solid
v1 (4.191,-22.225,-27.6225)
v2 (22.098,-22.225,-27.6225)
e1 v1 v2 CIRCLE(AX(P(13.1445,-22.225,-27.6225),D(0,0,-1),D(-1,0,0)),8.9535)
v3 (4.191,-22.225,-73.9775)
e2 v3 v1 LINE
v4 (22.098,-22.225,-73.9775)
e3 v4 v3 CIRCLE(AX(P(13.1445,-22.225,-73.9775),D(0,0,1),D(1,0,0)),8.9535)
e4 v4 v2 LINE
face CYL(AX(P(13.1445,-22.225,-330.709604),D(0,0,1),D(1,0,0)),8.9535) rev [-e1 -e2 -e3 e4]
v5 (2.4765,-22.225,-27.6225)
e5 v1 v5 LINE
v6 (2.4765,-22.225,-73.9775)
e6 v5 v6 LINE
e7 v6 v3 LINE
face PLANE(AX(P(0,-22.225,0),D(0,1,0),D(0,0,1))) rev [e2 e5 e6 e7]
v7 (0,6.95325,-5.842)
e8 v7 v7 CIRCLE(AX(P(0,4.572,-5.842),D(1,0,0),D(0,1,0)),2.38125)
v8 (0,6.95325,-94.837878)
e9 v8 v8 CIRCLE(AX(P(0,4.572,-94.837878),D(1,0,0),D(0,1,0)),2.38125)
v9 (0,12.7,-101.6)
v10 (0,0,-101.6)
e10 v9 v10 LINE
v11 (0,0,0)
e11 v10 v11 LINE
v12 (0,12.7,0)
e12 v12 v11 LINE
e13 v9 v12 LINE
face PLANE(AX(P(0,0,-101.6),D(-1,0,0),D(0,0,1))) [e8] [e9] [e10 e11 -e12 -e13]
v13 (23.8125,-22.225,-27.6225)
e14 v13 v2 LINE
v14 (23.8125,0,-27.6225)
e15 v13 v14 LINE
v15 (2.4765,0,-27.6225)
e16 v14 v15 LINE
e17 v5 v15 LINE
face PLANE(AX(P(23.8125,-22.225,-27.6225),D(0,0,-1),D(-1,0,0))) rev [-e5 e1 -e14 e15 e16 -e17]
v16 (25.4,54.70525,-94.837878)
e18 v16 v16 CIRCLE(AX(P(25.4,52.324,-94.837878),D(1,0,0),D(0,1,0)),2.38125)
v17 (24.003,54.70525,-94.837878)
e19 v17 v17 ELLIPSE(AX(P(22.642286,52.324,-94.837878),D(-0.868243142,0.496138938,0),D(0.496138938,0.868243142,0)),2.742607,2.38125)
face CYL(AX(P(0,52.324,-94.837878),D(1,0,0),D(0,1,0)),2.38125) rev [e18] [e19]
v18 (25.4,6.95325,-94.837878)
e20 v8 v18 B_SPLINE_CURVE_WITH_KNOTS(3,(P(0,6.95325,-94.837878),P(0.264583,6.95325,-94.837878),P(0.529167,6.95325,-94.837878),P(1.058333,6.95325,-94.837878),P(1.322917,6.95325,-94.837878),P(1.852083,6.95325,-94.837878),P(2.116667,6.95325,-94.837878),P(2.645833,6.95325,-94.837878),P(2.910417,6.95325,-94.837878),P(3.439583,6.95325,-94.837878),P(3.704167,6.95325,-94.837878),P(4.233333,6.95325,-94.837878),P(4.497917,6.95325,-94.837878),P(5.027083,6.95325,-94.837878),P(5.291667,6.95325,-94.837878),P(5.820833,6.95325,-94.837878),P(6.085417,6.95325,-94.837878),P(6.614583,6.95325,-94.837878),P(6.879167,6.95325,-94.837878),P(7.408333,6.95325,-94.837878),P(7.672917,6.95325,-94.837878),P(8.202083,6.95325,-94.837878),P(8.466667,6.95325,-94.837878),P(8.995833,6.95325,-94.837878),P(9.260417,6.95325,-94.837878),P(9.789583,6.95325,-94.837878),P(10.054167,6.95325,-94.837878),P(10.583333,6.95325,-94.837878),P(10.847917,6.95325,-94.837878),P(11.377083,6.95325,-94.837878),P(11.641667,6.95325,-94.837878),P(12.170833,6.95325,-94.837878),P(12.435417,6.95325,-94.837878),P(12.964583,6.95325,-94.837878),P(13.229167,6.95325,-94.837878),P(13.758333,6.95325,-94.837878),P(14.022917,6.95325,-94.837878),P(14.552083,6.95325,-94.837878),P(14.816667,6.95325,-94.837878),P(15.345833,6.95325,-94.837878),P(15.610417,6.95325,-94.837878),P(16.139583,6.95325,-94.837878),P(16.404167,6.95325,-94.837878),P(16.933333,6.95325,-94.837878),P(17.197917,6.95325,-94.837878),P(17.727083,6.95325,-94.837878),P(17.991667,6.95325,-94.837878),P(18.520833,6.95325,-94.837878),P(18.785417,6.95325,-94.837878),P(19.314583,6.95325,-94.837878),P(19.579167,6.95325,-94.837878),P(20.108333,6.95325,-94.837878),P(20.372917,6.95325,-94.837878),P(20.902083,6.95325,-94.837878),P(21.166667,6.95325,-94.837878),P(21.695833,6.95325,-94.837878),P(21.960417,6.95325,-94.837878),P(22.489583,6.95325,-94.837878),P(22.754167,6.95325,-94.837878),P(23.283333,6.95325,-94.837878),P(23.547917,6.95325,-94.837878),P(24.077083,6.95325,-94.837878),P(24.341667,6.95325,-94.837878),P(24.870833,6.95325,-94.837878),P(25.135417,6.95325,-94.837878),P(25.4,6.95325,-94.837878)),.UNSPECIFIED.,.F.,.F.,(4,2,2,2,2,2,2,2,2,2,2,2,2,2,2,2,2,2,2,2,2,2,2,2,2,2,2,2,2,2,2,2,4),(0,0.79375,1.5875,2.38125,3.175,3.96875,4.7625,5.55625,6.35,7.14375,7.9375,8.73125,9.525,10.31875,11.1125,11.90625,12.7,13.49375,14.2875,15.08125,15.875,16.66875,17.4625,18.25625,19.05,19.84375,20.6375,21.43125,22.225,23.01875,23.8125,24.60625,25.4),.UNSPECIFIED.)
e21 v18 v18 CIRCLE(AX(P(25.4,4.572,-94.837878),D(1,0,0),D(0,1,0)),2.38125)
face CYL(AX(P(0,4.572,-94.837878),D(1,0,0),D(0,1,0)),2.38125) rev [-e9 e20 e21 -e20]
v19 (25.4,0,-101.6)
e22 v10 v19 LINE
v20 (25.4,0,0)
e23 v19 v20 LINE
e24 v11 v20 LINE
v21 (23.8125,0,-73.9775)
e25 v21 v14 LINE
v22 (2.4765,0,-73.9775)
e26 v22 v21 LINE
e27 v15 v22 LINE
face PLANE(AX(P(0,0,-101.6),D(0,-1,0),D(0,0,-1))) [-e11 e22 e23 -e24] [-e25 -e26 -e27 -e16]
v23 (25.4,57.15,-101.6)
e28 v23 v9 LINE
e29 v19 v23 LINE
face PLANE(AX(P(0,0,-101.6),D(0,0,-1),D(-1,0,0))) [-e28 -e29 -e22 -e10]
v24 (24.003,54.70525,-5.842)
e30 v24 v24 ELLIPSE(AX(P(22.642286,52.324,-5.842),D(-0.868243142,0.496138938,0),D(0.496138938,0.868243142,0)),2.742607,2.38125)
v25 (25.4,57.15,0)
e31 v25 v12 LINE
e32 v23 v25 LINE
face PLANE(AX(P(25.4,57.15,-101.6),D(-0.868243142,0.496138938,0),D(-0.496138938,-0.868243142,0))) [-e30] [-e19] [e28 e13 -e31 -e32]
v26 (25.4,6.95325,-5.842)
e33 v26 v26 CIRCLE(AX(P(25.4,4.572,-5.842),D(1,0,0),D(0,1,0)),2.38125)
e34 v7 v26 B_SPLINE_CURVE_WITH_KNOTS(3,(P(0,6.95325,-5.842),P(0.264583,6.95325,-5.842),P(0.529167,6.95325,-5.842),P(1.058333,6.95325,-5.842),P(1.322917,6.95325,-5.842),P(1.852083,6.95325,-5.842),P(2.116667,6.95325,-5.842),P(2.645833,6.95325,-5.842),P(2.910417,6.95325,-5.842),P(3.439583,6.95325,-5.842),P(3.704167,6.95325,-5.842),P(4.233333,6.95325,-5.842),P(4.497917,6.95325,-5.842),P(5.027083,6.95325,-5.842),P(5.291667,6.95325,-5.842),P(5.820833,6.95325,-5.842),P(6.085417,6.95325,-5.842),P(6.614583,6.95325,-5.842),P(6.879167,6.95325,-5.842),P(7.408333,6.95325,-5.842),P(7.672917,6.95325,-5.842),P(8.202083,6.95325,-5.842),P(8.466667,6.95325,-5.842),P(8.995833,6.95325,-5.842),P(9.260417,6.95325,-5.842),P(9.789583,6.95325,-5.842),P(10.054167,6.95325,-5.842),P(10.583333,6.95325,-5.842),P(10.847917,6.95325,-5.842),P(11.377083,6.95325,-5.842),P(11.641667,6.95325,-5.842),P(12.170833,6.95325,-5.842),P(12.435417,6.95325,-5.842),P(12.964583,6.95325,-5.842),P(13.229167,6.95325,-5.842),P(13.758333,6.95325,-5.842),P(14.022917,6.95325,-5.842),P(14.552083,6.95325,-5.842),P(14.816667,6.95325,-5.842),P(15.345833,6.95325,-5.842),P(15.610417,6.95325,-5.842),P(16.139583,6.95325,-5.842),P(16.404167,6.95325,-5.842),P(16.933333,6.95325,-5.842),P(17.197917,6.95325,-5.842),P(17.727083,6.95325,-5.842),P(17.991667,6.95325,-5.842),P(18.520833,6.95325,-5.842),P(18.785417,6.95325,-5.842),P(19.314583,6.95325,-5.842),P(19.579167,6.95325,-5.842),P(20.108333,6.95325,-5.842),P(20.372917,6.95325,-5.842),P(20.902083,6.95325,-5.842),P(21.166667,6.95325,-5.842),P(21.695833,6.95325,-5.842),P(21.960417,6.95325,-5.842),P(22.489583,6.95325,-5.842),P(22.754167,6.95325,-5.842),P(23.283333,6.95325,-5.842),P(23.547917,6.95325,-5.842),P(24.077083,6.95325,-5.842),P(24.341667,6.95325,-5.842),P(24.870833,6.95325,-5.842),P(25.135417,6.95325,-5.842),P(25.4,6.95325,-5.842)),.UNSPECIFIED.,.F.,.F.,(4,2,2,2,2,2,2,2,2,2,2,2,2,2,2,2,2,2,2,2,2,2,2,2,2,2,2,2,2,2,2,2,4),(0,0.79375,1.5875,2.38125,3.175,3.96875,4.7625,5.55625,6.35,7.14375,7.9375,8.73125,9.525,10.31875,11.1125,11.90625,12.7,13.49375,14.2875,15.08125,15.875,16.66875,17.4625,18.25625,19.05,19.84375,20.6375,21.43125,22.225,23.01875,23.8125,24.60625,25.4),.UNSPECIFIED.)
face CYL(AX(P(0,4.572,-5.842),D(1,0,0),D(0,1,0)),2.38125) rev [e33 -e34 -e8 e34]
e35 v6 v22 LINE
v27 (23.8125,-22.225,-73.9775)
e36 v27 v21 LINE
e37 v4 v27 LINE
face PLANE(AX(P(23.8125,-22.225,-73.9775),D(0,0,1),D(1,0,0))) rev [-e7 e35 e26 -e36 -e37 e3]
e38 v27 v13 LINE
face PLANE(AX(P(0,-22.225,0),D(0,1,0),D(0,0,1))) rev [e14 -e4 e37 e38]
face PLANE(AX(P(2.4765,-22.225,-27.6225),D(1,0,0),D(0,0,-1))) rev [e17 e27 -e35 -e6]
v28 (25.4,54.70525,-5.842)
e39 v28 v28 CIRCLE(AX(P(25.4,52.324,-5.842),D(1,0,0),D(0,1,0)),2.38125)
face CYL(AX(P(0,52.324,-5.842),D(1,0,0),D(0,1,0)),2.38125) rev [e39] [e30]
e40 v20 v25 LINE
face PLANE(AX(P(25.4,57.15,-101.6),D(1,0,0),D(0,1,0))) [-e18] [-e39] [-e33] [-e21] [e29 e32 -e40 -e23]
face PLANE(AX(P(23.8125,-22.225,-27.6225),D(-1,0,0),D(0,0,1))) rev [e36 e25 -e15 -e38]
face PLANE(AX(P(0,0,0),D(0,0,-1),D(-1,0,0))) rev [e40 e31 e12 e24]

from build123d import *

# Parameters (mm, degrees)
BOSS_EXTRUDE1_DEPTH     = 101.6
SKETCH4_W               = 21.336
SKETCH4_H               = 46.355
BOSS_EXTRUDE2_DEPTH     = 22.225
CUT_EXTRUDE5_DEPTH      = 97.870805748
CUT_EXTRUDE5_DEPTH_BACK = 97.870805748
SKETCH8_R               = 2.38125
CUT_EXTRUDE6_DEPTH      = 120.305668348


with BuildPart() as part:
    # Sketch1 → Boss-Extrude1 (new body)
    with BuildSketch(Plane.XY):
        Polygon((0, 0), (25.4, 0), (25.4, 57.15), (0, 12.7), align=None)
    extrude(amount=-BOSS_EXTRUDE1_DEPTH)

    # Sketch4 → Boss-Extrude2 (add)
    with BuildSketch(Plane(origin=(21.809590146, 0, -29.461184826), x_dir=(-1, 0, 0), z_dir=(0, -1, 0))):
        with Locations((8.665090146, 21.338815174)):
            Rectangle(SKETCH4_W, SKETCH4_H)
    extrude(amount=BOSS_EXTRUDE2_DEPTH)

    # Sketch7 → Cut-Extrude5 (cut, two sides: drawn at the far end of the back side and taken through both)
    with BuildSketch(Plane(origin=(0, 0, -73.9775), x_dir=(-1, 0, 0), z_dir=(0, 0, -1)).offset(-CUT_EXTRUDE5_DEPTH_BACK)):
        with BuildLine():
            Line((-22.098, -197.012283842), (-22.098, -22.225))
            ThreePointArc((-22.098, -22.225), (-13.1445, -13.2715), (-4.191, -22.225))
            Line((-4.191, -22.225), (-4.191, -197.012283842))
            Line((-4.191, -197.012283842), (-4.191, -546.586851526))
            Line((-4.191, -546.586851526), (-22.098, -546.586851526))
            Line((-22.098, -546.586851526), (-22.098, -197.012283842))
        make_face()
    extrude(amount=CUT_EXTRUDE5_DEPTH + CUT_EXTRUDE5_DEPTH_BACK, mode=Mode.SUBTRACT)

    # Sketch8 → Cut-Extrude6 (cut, through all)
    with BuildSketch(Plane(origin=(25.4, 0, 0), x_dir=(0, 0, -1), z_dir=(1, 0, 0))):
        with Locations(Location((5.842, 52.324, 0), (0, 0, 90))):
            Circle(SKETCH8_R)
        with Locations(Location((5.842, 4.572, 0), (0, 0, 90))):
            Circle(SKETCH8_R)
        with Locations(Location((94.837878374, 4.572, 0), (0, 0, 90))):
            Circle(SKETCH8_R)
        with Locations(Location((94.837878374, 52.324, 0), (0, 0, 90))):
            Circle(SKETCH8_R)
    extrude(amount=-CUT_EXTRUDE6_DEPTH, mode=Mode.SUBTRACT)


solid = part.part
